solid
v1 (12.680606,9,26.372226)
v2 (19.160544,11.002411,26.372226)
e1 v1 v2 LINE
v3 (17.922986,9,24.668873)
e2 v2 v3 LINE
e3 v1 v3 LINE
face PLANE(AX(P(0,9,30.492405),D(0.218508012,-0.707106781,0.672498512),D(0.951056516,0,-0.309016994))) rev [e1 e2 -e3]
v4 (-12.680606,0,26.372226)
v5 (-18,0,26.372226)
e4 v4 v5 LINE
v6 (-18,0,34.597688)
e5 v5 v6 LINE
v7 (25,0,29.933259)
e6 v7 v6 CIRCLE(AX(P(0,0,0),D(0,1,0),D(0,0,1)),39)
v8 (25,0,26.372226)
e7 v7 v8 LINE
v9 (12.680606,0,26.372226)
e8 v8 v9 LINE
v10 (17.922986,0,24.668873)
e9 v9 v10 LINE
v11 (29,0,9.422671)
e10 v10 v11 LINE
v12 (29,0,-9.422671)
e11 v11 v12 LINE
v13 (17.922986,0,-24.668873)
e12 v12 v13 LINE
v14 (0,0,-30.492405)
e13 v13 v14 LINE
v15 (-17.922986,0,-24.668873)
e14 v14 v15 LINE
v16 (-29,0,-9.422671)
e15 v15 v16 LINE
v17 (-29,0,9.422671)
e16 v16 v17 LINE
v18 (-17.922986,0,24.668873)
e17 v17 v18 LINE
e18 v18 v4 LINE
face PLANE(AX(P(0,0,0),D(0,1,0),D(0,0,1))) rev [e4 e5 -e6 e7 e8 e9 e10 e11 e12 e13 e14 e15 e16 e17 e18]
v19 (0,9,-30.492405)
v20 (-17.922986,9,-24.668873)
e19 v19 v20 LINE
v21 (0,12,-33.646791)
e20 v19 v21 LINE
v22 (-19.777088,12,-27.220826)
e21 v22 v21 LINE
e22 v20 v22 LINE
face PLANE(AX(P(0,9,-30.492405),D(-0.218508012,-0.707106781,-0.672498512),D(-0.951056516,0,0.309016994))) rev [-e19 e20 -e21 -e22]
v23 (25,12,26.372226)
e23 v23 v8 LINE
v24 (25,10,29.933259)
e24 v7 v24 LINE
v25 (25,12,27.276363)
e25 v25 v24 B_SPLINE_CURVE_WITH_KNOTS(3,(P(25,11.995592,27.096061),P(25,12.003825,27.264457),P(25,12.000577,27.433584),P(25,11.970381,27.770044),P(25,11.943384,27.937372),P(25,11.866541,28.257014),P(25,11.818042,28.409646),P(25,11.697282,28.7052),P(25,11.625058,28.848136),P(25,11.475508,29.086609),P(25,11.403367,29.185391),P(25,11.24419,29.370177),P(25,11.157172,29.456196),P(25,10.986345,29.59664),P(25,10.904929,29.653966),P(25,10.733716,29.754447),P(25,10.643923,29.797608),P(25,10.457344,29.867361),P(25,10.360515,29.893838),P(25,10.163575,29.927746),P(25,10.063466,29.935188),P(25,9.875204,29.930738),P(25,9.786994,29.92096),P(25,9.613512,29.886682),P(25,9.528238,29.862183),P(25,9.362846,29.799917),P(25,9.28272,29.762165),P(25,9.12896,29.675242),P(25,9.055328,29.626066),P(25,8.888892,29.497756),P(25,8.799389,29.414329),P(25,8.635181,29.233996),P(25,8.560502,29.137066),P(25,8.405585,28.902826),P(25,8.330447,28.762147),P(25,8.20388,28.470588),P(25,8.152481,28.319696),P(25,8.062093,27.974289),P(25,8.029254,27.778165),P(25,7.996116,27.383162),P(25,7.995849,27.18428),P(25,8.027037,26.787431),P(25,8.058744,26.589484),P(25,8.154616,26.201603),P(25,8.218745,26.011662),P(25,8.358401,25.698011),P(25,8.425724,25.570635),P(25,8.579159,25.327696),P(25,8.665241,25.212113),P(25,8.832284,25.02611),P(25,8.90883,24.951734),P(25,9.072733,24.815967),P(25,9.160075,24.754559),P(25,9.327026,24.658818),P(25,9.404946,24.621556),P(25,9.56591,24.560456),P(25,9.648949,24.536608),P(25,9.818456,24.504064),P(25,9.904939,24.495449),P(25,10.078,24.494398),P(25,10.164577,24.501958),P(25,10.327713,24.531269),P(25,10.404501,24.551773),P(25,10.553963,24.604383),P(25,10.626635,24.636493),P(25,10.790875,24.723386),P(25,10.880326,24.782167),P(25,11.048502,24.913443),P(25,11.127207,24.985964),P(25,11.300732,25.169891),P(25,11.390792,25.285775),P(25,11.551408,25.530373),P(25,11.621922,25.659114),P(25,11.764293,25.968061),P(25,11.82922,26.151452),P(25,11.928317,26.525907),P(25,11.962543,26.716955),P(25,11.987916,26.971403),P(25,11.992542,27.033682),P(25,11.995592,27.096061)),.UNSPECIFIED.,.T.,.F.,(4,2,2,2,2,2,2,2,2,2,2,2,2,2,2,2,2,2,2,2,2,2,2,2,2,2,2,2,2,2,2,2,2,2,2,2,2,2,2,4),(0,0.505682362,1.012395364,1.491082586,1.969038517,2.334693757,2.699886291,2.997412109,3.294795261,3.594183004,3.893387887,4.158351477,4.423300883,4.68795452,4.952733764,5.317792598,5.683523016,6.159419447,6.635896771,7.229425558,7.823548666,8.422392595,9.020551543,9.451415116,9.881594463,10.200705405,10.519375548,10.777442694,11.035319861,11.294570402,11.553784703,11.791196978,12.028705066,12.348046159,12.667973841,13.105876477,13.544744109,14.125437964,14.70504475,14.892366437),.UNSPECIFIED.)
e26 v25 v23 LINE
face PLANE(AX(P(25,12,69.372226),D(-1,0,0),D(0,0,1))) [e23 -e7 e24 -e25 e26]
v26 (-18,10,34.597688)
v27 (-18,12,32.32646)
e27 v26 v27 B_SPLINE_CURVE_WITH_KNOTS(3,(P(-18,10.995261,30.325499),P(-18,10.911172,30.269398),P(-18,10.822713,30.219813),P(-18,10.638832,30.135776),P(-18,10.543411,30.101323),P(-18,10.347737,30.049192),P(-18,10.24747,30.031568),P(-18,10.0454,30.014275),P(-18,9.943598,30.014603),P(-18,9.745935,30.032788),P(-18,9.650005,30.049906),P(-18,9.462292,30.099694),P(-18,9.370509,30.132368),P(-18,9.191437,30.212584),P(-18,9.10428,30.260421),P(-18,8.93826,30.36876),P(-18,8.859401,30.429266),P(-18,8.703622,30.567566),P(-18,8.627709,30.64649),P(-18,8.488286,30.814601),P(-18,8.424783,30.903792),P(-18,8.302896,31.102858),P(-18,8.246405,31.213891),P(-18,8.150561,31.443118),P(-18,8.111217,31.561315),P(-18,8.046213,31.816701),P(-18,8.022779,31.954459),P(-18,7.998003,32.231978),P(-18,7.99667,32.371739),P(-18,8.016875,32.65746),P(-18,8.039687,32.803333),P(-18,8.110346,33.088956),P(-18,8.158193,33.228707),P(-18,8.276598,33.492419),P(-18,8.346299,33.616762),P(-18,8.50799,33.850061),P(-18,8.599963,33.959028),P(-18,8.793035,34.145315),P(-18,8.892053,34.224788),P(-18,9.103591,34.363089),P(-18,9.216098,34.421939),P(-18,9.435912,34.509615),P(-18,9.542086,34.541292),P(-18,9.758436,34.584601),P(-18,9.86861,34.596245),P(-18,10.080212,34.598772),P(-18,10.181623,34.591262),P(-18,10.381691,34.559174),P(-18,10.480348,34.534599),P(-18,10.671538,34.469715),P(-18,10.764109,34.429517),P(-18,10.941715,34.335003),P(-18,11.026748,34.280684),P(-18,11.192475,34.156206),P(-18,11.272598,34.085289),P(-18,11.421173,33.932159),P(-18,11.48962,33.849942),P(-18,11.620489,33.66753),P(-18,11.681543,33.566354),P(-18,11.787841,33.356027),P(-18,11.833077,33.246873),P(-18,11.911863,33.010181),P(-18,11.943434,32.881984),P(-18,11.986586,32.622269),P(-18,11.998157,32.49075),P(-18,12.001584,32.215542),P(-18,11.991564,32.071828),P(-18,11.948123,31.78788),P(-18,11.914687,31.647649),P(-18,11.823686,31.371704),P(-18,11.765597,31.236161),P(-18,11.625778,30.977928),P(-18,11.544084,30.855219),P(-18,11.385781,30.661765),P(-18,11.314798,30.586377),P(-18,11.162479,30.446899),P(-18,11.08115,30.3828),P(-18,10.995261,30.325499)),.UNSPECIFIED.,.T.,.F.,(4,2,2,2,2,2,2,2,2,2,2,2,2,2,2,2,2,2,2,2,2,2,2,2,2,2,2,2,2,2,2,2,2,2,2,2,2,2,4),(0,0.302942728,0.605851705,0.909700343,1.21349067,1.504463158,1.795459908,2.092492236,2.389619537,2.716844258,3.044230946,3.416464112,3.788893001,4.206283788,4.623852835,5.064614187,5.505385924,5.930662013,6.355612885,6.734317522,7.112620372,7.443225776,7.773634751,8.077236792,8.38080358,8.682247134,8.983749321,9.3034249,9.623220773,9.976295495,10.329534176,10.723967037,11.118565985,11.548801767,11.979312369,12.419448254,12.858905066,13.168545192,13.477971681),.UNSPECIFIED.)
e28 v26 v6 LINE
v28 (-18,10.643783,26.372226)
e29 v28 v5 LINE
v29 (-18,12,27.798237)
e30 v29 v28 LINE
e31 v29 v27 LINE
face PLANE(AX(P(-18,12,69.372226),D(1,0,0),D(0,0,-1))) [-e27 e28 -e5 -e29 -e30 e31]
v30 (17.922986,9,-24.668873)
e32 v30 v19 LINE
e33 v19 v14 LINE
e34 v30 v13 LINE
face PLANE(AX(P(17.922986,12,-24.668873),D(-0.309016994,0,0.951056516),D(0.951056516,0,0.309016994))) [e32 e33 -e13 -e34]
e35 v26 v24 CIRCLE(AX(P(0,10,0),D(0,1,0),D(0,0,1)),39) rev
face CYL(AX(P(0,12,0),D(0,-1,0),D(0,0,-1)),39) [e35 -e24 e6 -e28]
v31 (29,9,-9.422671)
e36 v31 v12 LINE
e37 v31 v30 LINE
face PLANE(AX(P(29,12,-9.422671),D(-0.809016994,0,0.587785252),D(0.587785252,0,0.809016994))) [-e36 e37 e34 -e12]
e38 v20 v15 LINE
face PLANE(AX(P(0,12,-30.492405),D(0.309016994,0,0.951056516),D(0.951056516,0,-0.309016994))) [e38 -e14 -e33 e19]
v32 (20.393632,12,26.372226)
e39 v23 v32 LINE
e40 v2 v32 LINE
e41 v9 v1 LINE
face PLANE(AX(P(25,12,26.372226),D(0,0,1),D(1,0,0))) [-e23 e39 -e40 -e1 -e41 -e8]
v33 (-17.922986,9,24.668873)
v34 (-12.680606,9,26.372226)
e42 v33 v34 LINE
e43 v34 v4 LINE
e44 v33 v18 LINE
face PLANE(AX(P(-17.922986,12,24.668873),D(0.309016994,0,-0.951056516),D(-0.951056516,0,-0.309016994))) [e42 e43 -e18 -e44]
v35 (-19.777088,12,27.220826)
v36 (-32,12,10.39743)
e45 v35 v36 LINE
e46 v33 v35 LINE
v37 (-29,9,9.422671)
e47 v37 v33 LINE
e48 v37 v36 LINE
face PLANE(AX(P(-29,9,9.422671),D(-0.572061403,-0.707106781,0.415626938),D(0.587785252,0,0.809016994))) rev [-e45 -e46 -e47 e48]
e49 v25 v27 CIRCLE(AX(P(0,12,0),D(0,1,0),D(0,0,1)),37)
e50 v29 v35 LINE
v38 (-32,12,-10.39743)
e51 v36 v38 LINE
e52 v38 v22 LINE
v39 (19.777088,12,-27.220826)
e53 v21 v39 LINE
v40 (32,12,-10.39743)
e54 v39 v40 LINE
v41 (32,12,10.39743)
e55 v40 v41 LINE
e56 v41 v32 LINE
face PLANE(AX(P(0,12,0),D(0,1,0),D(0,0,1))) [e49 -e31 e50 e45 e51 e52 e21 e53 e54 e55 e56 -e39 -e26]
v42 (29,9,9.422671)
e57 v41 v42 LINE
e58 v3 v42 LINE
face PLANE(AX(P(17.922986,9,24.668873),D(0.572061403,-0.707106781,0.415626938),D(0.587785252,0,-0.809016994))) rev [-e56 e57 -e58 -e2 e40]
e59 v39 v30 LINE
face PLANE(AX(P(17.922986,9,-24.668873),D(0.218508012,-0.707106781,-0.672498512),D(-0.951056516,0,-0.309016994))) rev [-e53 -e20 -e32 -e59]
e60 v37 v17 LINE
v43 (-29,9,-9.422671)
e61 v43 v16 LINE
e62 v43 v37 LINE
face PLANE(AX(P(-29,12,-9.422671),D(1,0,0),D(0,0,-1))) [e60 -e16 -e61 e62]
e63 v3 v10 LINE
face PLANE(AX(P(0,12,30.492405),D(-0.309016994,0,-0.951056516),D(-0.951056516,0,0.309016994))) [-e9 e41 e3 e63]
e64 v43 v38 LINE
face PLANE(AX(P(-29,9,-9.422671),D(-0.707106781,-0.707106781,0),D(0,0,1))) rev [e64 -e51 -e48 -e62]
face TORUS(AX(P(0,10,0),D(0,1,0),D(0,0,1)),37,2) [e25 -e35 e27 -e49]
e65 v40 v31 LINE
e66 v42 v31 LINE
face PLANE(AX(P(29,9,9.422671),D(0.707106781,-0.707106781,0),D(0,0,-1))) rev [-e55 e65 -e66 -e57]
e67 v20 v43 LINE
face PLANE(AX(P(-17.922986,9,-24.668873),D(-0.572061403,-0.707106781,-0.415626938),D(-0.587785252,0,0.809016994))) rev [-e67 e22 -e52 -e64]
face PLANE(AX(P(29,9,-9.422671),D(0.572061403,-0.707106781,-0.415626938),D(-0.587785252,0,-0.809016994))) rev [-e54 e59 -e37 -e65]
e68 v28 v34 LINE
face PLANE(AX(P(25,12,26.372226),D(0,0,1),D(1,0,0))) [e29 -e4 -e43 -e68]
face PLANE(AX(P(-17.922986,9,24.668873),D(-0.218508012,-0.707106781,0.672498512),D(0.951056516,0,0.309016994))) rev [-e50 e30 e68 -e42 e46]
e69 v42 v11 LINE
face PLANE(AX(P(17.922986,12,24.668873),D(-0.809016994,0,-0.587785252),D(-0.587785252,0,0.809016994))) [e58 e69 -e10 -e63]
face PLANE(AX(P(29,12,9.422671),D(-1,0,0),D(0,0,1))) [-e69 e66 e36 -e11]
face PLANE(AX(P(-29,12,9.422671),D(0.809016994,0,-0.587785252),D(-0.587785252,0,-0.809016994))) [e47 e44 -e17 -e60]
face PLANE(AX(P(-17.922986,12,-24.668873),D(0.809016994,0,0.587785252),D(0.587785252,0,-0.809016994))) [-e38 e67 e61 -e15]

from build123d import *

# Parameters (mm, degrees)
SKETCH1_R           = 39
BOSS_EXTRUDE1_DEPTH = 12
FILLET1_R           = 2
CHAMFER1_SIZE       = 3
SKETCH2_W           = 43
SKETCH2_H           = 43
CUT_EXTRUDE2_DEPTH  = 57.444663167


with BuildPart() as part:
    # Sketch1 → Boss-Extrude1 (new body)
    with BuildSketch(Plane(origin=(0, 0, 0), x_dir=(1, 0, 0), z_dir=(0, 1, 0))):
        with Locations(Location((0, 0, 0), (0, 0, 270))):
            Circle(SKETCH1_R)
        Polygon((17.922985674, 24.668873442), (0, 30.492404503), (-17.922985674, 24.668873442), (-29, 9.422671191), (-29, -9.422671191), (-17.922985674, -24.668873442), (0, -30.492404503), (17.922985674, -24.668873442), (29, -9.422671191), (29, 9.422671191), align=None, mode=Mode.SUBTRACT)
    extrude(amount=BOSS_EXTRUDE1_DEPTH)

    # Fillet1
    fillet1_edges = [part.edges().sort_by_distance(p)[0] for p in [
        (0, 12, -39),
    ]]
    fillet(fillet1_edges, radius=FILLET1_R)

    # Chamfer1
    chamfer1_edges = [part.edges().sort_by_distance(p)[0] for p in [
        (23.461492837, 12, -17.045772316),
        (8.961492837, 12, -27.580638973),
        (-8.961492837, 12, -27.580638973),
        (-23.461492837, 12, -17.045772316),
        (-29, 12, 0),
        (-23.461492837, 12, 17.045772316),
        (-8.961492837, 12, 27.580638973),
        (8.961492837, 12, 27.580638973),
        (23.461492837, 12, 17.045772316),
        (29, 12, 0),
    ]]
    chamfer(chamfer1_edges, length=CHAMFER1_SIZE)

    # Sketch2 → Cut-Extrude2 (cut, through all)
    with BuildSketch(Plane(origin=(0, 0, 0), x_dir=(1, 0, 0), z_dir=(0, 1, 0))):
        with Locations((3.5, -47.872225768)):
            Rectangle(SKETCH2_W, SKETCH2_H)
    extrude(amount=CUT_EXTRUDE2_DEPTH, mode=Mode.SUBTRACT)


solid = part.part
